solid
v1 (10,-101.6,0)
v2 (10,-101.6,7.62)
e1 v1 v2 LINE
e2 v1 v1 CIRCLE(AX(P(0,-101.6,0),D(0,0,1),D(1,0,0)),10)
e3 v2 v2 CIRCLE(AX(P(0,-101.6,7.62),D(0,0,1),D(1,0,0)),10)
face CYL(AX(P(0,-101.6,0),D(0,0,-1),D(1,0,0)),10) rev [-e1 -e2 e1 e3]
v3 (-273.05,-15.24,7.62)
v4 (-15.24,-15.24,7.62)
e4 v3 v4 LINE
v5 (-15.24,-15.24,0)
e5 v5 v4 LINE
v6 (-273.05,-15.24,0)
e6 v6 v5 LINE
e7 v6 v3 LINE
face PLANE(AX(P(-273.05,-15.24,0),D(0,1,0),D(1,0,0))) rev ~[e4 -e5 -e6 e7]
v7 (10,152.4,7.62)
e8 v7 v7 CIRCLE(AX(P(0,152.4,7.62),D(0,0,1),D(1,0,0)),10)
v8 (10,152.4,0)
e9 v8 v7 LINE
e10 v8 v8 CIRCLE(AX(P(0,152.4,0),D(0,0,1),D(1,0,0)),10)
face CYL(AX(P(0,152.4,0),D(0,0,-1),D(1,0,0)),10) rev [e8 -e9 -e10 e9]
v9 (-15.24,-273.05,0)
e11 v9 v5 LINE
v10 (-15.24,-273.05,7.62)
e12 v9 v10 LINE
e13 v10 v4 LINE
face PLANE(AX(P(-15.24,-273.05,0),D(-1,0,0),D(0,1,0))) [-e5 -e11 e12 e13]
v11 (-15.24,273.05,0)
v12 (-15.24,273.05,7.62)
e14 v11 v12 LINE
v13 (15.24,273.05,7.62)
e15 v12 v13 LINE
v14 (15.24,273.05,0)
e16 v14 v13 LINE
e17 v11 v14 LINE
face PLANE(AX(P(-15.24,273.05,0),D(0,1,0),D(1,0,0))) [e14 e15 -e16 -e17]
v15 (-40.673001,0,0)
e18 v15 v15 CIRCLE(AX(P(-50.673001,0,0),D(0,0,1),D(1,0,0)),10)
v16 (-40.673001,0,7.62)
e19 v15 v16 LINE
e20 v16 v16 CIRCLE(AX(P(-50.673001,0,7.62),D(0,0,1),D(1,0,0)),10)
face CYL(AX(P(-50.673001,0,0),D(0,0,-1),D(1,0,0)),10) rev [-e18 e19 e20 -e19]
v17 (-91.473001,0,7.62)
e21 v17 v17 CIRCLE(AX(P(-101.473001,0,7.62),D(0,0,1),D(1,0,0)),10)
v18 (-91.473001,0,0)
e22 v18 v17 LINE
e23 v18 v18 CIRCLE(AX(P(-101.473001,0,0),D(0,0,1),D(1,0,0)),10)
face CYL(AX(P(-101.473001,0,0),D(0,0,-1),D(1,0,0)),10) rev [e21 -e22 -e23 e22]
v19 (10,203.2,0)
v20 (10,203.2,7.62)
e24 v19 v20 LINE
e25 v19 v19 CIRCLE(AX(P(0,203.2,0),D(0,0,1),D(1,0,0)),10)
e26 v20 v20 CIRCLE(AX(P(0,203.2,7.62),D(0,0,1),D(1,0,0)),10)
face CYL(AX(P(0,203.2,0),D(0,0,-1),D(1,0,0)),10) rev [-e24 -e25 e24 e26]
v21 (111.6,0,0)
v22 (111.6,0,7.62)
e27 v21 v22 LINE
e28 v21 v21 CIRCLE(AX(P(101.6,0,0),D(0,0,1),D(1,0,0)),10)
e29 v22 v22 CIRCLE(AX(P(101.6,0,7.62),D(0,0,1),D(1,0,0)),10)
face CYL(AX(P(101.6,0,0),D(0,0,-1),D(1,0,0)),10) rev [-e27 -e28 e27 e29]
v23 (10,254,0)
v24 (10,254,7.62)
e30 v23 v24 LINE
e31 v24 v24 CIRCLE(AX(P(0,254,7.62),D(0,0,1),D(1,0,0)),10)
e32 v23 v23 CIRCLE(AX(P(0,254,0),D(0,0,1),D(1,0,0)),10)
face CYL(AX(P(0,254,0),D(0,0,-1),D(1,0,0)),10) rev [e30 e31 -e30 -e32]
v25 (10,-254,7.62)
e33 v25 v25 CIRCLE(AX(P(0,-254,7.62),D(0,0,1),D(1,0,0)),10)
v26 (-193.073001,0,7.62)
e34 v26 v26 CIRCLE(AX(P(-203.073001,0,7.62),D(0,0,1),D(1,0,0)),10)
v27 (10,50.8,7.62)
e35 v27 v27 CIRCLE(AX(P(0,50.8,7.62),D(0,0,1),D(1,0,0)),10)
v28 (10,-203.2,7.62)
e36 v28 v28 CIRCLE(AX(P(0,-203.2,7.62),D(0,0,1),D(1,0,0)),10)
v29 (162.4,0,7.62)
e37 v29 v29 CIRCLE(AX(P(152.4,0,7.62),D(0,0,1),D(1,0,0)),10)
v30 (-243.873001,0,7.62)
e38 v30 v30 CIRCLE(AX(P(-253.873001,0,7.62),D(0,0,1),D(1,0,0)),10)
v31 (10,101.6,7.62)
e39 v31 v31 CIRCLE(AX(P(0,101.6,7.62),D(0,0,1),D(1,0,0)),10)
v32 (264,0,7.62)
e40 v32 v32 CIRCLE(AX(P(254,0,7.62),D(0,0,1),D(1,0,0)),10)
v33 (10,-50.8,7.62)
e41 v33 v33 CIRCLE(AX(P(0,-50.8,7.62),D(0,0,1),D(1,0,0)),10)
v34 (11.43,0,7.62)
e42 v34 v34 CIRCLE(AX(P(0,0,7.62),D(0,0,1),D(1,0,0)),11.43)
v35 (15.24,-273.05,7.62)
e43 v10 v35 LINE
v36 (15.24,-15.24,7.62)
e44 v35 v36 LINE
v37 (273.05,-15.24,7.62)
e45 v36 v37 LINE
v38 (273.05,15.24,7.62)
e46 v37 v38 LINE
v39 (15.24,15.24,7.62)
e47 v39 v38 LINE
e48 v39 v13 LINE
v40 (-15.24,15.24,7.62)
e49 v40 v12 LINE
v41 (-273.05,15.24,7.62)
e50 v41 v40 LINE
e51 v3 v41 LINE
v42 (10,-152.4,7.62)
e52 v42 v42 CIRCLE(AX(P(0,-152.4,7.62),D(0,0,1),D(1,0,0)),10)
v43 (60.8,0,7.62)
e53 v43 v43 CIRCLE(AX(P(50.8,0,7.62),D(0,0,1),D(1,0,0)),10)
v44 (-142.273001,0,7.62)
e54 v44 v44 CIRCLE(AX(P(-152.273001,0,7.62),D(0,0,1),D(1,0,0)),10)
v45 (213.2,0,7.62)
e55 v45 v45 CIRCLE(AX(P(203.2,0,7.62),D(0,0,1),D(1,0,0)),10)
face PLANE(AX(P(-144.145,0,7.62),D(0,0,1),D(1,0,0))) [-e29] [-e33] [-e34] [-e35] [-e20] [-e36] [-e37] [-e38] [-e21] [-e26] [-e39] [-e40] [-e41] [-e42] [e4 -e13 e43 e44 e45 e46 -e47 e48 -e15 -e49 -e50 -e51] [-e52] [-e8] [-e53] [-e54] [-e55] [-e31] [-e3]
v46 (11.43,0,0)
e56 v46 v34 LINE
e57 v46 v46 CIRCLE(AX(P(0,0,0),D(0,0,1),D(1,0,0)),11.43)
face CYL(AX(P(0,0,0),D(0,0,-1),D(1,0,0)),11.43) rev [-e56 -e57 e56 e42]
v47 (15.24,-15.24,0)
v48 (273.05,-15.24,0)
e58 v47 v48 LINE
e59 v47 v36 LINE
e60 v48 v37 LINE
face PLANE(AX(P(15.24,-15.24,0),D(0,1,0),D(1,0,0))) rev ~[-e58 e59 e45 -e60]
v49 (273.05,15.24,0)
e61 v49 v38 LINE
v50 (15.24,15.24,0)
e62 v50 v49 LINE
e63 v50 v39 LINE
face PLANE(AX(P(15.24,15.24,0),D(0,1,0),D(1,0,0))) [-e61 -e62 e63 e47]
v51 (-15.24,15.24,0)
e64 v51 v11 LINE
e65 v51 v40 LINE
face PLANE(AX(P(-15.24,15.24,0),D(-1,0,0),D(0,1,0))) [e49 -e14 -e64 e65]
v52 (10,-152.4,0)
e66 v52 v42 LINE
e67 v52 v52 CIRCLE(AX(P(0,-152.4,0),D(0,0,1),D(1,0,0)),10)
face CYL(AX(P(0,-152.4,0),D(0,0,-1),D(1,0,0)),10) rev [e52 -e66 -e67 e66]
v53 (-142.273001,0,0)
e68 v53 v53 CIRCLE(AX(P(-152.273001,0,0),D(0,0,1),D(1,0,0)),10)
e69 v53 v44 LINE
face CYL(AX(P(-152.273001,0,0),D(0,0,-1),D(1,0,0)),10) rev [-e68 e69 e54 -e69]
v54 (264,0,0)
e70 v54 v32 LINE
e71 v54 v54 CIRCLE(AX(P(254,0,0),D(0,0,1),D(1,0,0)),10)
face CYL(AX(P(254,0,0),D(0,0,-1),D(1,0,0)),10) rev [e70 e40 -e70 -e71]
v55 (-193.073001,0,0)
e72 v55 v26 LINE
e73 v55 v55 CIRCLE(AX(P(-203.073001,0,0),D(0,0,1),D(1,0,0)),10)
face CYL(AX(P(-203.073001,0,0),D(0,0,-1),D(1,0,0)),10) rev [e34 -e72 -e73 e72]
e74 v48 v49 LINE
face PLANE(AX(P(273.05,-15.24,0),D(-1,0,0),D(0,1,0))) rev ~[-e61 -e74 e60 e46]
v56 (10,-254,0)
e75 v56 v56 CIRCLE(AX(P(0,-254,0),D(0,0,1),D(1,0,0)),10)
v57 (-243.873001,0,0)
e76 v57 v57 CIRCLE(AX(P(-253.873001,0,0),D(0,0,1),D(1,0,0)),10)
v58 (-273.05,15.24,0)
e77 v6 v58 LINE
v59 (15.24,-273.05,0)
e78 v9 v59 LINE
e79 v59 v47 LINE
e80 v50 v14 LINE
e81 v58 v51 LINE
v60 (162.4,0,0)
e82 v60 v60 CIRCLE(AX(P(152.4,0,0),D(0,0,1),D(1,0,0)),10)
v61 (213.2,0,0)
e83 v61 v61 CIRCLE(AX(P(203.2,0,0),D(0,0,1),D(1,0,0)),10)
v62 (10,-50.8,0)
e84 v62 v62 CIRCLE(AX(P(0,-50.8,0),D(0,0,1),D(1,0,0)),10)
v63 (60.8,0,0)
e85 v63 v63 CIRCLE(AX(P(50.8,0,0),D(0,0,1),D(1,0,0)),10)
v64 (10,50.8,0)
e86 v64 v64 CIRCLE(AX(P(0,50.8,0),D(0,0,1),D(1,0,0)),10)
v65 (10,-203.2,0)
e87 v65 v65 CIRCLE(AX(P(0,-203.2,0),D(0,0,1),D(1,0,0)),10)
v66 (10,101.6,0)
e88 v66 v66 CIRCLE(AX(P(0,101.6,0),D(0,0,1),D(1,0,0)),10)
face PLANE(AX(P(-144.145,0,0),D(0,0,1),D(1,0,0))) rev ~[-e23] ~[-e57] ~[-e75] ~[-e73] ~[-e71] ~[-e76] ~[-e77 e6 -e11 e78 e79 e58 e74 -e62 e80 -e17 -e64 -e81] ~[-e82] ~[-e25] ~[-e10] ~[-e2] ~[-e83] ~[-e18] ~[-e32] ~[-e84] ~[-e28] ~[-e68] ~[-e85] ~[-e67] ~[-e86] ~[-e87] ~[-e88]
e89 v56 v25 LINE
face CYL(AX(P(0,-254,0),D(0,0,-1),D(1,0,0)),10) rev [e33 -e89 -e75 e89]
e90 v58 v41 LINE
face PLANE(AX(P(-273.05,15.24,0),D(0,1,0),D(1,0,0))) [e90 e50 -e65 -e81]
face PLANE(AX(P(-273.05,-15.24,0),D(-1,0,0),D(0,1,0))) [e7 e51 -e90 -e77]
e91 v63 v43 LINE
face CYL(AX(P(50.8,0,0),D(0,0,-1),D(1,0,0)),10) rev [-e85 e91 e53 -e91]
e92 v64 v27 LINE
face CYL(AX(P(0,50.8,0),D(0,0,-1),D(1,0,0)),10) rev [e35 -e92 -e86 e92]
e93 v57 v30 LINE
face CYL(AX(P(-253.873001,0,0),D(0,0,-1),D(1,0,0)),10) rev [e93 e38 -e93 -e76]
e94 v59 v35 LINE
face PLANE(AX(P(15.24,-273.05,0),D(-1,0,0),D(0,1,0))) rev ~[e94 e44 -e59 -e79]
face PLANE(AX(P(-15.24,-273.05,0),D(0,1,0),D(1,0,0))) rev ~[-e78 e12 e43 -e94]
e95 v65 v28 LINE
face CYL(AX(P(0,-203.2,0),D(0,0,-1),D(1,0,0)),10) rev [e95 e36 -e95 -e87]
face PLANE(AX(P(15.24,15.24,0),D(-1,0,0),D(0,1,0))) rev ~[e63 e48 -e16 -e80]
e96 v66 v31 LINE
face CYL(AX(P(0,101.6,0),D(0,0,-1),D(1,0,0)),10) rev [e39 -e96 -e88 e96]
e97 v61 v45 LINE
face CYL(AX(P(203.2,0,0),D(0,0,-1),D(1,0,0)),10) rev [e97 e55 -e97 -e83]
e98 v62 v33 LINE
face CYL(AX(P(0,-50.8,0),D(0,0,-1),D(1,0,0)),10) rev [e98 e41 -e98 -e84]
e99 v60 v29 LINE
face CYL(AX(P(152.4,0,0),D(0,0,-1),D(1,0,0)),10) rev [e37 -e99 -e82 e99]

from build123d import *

# Parameters (mm, degrees)
F0_W     = 257.81
F0_H     = 30.48
F0_R     = 10
F0_W_2   = 30.48
F0_H_2   = 257.81
F0_R_2   = 11.43
F1_DEPTH = 7.62


with BuildPart() as f1:
    # F0 (on Top) → F1 (new body)
    with BuildSketch(Plane.XY):
        with Locations((-144.145, 0)):
            Rectangle(F0_W, F0_H)
        with Locations((-253.873001, 0)):
            Circle(F0_R, mode=Mode.SUBTRACT)
        with Locations((-203.073001, 0)):
            Circle(F0_R, mode=Mode.SUBTRACT)
        with Locations((-152.273001, 0)):
            Circle(F0_R, mode=Mode.SUBTRACT)
        with Locations((-101.473001, 0)):
            Circle(F0_R, mode=Mode.SUBTRACT)
        with Locations((-50.673001, 0)):
            Circle(F0_R, mode=Mode.SUBTRACT)
        with Locations((0, -144.145)):
            Rectangle(F0_W_2, F0_H_2)
        with Locations((0, -254)):
            Circle(F0_R, mode=Mode.SUBTRACT)
        with Locations((0, -203.2)):
            Circle(F0_R, mode=Mode.SUBTRACT)
        with Locations((0, -152.4)):
            Circle(F0_R, mode=Mode.SUBTRACT)
        with Locations((0, -101.6)):
            Circle(F0_R, mode=Mode.SUBTRACT)
        with Locations((0, -50.8)):
            Circle(F0_R, mode=Mode.SUBTRACT)
        with Locations((144.145, 0)):
            Rectangle(F0_W, F0_H)
        with Locations((50.8, 0)):
            Circle(F0_R, mode=Mode.SUBTRACT)
        with Locations((101.6, 0)):
            Circle(F0_R, mode=Mode.SUBTRACT)
        with Locations((152.4, 0)):
            Circle(F0_R, mode=Mode.SUBTRACT)
        with Locations((203.2, 0)):
            Circle(F0_R, mode=Mode.SUBTRACT)
        with Locations((254, 0)):
            Circle(F0_R, mode=Mode.SUBTRACT)
        with Locations((0, 144.145)):
            Rectangle(F0_W_2, F0_H_2)
        with Locations((0, 50.8)):
            Circle(F0_R, mode=Mode.SUBTRACT)
        with Locations((0, 101.6)):
            Circle(F0_R, mode=Mode.SUBTRACT)
        with Locations((0, 152.4)):
            Circle(F0_R, mode=Mode.SUBTRACT)
        with Locations((0, 203.2)):
            Circle(F0_R, mode=Mode.SUBTRACT)
        with Locations((0, 254)):
            Circle(F0_R, mode=Mode.SUBTRACT)
        Rectangle(F0_W_2, F0_H)
        Circle(F0_R_2, mode=Mode.SUBTRACT)
    extrude(amount=F1_DEPTH)


solid = f1.part
